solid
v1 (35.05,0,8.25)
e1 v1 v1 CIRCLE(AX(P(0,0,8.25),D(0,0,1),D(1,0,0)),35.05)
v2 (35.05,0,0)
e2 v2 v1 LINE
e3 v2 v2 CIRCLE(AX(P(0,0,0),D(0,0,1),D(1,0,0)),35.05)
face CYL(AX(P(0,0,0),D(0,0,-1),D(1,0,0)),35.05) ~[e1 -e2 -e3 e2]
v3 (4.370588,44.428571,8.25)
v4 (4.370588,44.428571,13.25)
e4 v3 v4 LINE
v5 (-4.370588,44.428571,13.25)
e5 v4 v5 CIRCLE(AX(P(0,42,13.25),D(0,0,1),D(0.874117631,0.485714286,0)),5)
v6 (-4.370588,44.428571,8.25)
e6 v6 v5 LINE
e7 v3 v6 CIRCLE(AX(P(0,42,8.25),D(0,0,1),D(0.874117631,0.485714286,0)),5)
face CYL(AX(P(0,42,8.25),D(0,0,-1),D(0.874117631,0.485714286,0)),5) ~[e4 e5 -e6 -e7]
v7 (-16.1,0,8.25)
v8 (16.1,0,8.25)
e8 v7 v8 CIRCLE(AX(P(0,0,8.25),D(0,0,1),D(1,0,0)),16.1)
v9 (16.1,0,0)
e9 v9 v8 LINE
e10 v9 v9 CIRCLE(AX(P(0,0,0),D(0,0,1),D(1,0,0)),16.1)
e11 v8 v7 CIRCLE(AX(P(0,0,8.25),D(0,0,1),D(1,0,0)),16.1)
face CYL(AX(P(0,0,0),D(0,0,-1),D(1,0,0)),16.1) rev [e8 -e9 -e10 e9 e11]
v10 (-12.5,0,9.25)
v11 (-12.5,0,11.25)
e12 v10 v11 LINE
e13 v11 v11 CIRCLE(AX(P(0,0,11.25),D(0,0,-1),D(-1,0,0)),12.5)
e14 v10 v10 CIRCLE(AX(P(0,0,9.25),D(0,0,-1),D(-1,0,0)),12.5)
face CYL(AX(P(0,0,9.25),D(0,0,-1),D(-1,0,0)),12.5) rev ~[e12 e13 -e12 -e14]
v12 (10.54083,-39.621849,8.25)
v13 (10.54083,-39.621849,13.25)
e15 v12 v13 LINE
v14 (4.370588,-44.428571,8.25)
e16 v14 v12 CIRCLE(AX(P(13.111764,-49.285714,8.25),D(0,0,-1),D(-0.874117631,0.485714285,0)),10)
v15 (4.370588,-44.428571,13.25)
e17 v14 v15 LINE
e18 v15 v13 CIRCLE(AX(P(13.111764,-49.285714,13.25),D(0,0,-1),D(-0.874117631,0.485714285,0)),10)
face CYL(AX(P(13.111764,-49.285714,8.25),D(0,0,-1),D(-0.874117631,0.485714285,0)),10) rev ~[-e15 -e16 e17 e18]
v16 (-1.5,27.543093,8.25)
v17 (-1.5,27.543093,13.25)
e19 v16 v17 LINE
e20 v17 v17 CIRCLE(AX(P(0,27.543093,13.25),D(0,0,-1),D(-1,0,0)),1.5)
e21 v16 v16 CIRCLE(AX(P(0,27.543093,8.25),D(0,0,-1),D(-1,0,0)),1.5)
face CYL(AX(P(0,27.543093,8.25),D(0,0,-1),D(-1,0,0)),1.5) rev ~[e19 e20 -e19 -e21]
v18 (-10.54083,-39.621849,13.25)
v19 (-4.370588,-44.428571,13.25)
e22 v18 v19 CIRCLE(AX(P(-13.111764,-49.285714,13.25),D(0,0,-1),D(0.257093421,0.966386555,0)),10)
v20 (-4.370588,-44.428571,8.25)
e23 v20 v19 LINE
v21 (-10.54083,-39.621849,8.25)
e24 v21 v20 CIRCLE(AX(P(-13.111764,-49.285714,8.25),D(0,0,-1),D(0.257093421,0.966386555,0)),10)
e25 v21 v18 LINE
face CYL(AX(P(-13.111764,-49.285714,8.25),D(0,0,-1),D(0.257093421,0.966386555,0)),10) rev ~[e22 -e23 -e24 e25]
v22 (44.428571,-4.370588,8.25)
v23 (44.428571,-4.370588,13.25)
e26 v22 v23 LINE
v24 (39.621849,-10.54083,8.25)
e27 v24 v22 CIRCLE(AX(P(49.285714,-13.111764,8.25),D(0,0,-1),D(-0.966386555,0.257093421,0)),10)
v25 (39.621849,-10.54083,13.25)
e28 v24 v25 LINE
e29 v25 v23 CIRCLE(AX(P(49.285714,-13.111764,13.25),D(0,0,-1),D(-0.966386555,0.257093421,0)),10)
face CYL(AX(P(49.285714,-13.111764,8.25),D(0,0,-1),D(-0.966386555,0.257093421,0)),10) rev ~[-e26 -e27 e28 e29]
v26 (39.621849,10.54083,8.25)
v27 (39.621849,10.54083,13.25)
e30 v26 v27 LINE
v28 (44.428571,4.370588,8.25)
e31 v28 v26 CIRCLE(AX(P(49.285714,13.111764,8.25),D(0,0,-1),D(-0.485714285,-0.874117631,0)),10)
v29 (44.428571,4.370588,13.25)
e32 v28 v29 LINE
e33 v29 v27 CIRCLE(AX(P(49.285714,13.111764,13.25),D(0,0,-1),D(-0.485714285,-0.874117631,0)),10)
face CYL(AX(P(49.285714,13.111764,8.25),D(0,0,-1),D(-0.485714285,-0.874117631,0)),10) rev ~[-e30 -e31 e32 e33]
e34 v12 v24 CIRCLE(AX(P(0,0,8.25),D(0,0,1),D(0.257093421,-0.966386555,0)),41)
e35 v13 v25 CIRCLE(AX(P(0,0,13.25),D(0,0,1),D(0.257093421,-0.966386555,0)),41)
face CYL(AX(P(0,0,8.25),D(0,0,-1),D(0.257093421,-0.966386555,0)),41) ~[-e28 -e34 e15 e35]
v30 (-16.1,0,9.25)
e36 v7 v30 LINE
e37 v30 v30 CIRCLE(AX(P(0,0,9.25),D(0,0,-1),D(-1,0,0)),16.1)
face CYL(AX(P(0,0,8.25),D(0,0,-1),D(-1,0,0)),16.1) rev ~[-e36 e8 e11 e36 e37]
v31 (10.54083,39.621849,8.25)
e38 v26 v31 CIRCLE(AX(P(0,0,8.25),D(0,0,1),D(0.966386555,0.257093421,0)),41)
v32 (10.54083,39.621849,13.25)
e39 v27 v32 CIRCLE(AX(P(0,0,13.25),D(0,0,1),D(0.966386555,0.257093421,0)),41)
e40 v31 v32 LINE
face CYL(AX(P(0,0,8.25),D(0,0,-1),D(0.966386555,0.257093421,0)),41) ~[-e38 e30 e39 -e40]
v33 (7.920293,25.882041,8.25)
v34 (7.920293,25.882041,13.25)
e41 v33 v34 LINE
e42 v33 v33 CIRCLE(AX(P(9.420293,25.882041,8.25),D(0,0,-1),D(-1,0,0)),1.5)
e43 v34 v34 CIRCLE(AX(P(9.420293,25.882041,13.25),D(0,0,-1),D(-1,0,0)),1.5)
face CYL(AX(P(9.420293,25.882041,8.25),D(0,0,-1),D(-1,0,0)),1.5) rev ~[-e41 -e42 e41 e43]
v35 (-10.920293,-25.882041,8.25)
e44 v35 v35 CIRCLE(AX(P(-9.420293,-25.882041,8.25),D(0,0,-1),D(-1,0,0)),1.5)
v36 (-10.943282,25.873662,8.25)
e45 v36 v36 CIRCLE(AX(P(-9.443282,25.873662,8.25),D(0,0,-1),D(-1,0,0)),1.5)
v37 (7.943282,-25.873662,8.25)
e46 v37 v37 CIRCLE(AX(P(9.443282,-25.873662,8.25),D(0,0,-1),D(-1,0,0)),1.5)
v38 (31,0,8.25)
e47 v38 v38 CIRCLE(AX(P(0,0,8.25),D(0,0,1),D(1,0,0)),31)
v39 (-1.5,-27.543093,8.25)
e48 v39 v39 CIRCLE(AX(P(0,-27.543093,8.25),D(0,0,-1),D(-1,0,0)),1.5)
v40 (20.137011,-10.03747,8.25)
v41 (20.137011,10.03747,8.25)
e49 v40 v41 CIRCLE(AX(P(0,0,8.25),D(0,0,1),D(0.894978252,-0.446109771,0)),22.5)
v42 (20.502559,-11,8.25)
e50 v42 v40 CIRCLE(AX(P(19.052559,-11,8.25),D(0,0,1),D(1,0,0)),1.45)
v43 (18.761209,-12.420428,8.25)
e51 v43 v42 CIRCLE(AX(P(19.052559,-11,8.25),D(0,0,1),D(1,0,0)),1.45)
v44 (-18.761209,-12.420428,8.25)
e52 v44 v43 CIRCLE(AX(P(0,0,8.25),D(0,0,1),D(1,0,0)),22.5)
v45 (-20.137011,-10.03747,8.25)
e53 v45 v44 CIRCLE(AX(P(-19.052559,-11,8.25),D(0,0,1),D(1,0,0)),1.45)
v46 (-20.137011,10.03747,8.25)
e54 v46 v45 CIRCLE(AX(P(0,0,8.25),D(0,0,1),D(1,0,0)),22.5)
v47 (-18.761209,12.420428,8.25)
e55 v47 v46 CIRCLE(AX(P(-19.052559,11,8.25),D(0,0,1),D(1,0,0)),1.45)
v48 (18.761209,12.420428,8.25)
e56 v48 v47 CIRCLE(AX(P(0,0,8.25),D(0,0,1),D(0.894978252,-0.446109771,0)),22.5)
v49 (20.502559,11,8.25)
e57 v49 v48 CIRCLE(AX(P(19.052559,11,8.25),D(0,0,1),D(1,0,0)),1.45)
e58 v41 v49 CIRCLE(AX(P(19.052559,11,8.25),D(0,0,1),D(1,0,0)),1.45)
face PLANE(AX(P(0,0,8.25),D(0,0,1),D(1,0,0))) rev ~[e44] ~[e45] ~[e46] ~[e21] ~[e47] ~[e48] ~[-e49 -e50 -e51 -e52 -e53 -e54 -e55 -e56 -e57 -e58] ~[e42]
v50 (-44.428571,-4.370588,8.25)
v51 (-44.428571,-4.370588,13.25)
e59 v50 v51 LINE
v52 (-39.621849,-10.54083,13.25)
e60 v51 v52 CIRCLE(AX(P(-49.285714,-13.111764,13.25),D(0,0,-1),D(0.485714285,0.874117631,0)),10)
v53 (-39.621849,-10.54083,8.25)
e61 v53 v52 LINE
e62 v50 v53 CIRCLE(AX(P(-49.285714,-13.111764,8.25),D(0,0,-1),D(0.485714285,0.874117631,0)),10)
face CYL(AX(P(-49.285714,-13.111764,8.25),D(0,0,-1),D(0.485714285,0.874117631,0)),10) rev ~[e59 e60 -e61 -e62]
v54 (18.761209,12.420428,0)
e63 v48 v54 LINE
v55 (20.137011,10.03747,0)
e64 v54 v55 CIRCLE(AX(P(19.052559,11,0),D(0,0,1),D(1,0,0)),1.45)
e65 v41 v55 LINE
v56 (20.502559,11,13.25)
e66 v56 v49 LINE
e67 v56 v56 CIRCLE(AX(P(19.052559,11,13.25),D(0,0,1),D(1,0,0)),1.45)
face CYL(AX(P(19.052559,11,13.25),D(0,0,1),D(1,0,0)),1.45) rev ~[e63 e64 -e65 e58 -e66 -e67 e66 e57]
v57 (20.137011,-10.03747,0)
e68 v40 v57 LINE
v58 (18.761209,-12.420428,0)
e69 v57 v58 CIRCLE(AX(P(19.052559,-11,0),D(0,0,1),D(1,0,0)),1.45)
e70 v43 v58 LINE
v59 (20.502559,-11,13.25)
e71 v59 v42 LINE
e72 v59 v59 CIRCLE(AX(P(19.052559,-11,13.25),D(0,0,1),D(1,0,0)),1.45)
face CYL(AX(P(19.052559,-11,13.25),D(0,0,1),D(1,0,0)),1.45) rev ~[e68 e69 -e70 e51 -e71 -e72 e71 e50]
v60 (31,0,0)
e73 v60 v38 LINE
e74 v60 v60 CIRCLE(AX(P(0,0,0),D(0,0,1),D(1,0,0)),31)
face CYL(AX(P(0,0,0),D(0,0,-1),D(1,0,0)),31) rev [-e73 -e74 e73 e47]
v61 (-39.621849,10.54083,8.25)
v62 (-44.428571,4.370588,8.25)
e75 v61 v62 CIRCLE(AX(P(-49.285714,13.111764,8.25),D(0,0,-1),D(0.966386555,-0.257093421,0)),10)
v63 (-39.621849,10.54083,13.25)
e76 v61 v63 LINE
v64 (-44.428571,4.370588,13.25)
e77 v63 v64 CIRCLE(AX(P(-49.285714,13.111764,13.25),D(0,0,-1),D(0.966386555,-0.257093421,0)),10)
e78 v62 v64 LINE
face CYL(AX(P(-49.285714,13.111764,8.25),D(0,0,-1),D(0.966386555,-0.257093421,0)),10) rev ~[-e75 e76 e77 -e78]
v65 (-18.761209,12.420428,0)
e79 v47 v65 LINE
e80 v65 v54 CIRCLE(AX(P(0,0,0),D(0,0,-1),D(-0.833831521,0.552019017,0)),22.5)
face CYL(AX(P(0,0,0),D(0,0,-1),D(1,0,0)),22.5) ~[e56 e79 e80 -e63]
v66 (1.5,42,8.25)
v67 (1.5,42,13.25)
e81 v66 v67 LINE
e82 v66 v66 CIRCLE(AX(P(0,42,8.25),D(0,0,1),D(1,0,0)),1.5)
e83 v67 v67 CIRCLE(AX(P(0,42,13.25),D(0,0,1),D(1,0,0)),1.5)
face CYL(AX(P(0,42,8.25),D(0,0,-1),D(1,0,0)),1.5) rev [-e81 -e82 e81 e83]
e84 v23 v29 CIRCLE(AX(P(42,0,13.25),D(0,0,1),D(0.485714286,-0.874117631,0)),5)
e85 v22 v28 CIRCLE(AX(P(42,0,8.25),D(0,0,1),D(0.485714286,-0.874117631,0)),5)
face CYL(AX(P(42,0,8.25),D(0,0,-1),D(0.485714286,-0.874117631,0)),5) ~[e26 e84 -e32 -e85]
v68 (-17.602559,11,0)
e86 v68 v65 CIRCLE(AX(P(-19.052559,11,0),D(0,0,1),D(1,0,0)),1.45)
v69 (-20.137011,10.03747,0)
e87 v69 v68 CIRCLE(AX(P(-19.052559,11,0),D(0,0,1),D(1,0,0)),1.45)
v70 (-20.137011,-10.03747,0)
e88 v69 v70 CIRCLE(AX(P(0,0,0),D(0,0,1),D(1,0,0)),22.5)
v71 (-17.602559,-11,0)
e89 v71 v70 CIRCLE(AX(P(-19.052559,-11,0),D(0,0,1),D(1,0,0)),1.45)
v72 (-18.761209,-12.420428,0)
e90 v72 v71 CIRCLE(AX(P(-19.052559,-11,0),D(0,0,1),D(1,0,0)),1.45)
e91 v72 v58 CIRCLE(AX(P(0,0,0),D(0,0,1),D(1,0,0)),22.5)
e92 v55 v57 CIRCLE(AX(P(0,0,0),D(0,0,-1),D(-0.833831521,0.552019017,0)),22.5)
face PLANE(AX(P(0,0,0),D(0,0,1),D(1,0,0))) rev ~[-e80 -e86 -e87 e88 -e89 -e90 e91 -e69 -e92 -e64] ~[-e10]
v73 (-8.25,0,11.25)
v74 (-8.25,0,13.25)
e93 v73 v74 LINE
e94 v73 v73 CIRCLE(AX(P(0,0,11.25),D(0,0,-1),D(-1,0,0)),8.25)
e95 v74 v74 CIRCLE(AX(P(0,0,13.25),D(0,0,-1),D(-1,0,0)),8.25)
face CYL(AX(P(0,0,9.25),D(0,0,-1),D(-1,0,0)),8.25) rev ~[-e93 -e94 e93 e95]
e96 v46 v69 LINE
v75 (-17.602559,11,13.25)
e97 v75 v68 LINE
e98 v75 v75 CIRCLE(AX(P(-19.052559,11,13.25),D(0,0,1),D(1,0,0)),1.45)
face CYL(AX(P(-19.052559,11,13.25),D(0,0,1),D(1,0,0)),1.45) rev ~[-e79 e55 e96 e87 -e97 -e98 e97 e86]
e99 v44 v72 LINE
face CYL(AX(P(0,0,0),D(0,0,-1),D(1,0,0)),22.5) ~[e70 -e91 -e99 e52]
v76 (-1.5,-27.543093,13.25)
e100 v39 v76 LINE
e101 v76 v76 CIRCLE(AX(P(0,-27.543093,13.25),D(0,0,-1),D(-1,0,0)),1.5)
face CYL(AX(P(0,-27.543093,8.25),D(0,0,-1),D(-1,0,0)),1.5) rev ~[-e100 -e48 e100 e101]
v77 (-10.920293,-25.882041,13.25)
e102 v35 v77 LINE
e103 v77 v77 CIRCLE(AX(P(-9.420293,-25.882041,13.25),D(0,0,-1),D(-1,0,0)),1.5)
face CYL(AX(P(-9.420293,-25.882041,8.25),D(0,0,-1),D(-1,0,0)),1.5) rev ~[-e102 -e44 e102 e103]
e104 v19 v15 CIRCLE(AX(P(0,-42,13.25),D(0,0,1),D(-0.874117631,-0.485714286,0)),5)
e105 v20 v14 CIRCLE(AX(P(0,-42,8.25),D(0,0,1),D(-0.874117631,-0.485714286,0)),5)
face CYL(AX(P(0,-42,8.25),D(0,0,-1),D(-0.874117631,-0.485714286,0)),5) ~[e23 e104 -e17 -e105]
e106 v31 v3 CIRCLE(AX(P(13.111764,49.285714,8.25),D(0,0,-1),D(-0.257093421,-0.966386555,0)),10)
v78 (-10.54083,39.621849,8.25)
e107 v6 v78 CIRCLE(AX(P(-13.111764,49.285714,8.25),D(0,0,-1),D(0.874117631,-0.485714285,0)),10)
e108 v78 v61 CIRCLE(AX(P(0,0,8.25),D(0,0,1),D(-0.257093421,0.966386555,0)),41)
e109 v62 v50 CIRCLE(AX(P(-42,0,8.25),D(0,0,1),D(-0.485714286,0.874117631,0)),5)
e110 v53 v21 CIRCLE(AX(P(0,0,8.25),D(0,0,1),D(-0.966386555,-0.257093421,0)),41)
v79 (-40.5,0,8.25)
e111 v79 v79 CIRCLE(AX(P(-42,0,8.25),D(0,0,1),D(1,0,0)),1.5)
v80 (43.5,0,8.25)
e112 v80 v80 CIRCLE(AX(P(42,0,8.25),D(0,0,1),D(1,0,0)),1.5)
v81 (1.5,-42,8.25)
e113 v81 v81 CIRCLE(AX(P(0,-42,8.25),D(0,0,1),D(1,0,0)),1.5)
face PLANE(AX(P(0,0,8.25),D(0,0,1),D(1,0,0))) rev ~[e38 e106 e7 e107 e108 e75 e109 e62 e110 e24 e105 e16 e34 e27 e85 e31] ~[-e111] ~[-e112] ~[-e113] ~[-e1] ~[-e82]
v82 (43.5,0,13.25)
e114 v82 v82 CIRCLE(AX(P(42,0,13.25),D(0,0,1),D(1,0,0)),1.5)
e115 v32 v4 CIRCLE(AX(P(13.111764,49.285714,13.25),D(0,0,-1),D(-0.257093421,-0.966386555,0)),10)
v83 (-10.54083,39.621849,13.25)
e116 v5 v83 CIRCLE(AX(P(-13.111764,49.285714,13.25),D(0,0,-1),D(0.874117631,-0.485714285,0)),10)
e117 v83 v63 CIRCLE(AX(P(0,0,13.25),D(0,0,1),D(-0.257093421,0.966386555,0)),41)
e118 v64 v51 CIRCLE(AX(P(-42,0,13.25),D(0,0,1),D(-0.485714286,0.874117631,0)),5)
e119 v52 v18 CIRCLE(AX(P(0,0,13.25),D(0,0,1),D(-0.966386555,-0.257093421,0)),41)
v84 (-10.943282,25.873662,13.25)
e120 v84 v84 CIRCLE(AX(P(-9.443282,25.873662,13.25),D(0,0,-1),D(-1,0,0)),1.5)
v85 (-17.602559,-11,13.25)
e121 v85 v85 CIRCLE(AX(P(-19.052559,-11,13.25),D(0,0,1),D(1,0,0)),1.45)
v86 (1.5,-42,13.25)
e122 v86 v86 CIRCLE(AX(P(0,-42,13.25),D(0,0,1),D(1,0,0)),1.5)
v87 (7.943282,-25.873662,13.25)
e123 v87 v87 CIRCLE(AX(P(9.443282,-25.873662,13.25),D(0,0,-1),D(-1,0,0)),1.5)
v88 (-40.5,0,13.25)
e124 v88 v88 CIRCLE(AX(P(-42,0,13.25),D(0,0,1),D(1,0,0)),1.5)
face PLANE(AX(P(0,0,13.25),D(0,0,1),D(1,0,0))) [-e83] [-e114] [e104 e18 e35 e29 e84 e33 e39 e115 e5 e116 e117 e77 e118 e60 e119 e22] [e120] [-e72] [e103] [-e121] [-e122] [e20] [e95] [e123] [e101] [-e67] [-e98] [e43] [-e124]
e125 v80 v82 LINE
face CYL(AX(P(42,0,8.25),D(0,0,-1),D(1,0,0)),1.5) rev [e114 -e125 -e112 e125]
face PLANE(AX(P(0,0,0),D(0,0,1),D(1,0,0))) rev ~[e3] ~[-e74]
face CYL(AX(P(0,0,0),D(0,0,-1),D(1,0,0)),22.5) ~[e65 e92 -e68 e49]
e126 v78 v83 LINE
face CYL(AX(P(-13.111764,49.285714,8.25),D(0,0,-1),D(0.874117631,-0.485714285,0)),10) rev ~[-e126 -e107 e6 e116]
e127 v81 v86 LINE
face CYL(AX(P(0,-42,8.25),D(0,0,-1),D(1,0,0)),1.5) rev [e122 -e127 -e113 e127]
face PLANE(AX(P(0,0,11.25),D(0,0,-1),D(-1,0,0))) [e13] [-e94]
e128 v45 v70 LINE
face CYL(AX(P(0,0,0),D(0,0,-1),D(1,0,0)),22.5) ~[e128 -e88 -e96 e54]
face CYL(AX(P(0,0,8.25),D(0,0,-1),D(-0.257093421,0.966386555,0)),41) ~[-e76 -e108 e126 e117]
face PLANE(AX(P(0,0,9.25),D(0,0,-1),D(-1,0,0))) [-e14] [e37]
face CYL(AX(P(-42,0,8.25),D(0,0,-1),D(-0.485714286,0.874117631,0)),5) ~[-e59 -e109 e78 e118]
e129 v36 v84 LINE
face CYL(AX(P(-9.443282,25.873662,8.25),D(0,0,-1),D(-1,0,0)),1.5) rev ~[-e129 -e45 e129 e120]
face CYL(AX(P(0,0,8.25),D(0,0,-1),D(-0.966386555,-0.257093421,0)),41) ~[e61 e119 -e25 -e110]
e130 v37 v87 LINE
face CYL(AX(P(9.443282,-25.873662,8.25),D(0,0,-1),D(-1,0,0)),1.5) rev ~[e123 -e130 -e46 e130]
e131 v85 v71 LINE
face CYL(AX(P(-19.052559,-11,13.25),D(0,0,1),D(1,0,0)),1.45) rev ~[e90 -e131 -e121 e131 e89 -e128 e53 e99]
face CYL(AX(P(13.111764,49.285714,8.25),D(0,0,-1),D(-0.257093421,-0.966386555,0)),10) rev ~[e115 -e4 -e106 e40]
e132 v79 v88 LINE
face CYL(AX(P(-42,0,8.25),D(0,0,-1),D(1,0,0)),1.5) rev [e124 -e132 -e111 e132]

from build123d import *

# Parameters (mm, degrees)
IZIM1_R                       = 22.5
IZIM1_R_2                     = 16.1
Y_KSEKLIK_EKSTR_ZYON1_DEPTH   = 8.25
IZIM1_R_3                     = 35.05
IZIM1_R_4                     = 31
Y_KSEKLIK_EKSTR_ZYON1_2_DEPTH = 8.25
IZIM2_R                       = 1.5
IZIM2_R_2                     = 7.15
Y_KSEKLIK_EKSTR_ZYON2_DEPTH   = 5
IZIM7_R                       = 16.1
KES_EKSTR_ZYON2_DEPTH         = 1
IZIM8_R                       = 8.25
KES_EKSTR_ZYON3_DEPTH         = 4
KES_EKSTR_ZYON4_REACH         = 69.776
IZIM9_R                       = 1.45
IZIM10_R                      = 1.5
KES_EKSTR_ZYON5_DEPTH         = 5
IZIM11_R                      = 12.5
KES_EKSTR_ZYON6_DEPTH         = 2


with BuildPart() as part:
    # Çizim1 → Yükseklik-Ekstrüzyon1 (new body)
    with BuildSketch(Plane.XY):
        Circle(IZIM1_R)
        Circle(IZIM1_R_2, mode=Mode.SUBTRACT)
    extrude(amount=Y_KSEKLIK_EKSTR_ZYON1_DEPTH)



with BuildPart() as body_2:
    # Çizim1 → Y_kseklik-Ekstr_zyon1 2 (new body)
    with BuildSketch(Plane.XY):
        Circle(IZIM1_R_3)
        Circle(IZIM1_R_4, mode=Mode.SUBTRACT)
    extrude(amount=Y_KSEKLIK_EKSTR_ZYON1_2_DEPTH)


with BuildPart() as part_1:
    add(part.part)

    add(body_2.part)  # Yükseklik-Ekstrüzyon2 merges body 2
    # Çizim2 → Yükseklik-Ekstrüzyon2 (add)
    with BuildSketch(Plane.XY.offset(8.25)):
        with BuildLine():
            ThreePointArc((-10.540830255, 39.621848739), (-28.991378029, 28.991378029), (-39.621848739, 10.540830255))
            ThreePointArc((-39.621848739, 10.540830255), (-41.396931543, 6.966269622), (-44.428571429, 4.370588155))
            ThreePointArc((-44.428571429, 4.370588155), (-47, 0), (-44.428571429, -4.370588155))
            ThreePointArc((-44.428571429, -4.370588155), (-41.396931543, -6.966269622), (-39.621848739, -10.540830255))
            ThreePointArc((-39.621848739, -10.540830255), (-28.991378029, -28.991378029), (-10.540830255, -39.621848739))
            ThreePointArc((-10.540830255, -39.621848739), (-6.966269622, -41.396931543), (-4.370588155, -44.428571429))
            ThreePointArc((-4.370588155, -44.428571429), (0, -47), (4.370588155, -44.428571429))
            ThreePointArc((4.370588155, -44.428571429), (6.966269622, -41.396931543), (10.540830255, -39.621848739))
            ThreePointArc((10.540830255, -39.621848739), (28.991378029, -28.991378029), (39.621848739, -10.540830255))
            ThreePointArc((39.621848739, -10.540830255), (41.396931543, -6.966269622), (44.428571429, -4.370588155))
            ThreePointArc((44.428571429, -4.370588155), (47, 0), (44.428571429, 4.370588155))
            ThreePointArc((44.428571429, 4.370588155), (41.396931543, 6.966269622), (39.621848739, 10.540830255))
            ThreePointArc((39.621848739, 10.540830255), (28.991378029, 28.991378029), (10.540830255, 39.621848739))
            ThreePointArc((10.540830255, 39.621848739), (6.966269622, 41.396931543), (4.370588155, 44.428571429))
            ThreePointArc((4.370588155, 44.428571429), (0, 47), (-4.370588155, 44.428571429))
            ThreePointArc((-4.370588155, 44.428571429), (-6.966269622, 41.396931543), (-10.540830255, 39.621848739))
        make_face()
        with Locations((0, 42)):
            Circle(IZIM2_R, mode=Mode.SUBTRACT)
        with Locations((42, 0)):
            Circle(IZIM2_R, mode=Mode.SUBTRACT)
        with Locations((0, -42)):
            Circle(IZIM2_R, mode=Mode.SUBTRACT)
        with Locations((-42, 0)):
            Circle(IZIM2_R, mode=Mode.SUBTRACT)
        Circle(IZIM2_R_2, mode=Mode.SUBTRACT)
    extrude(amount=Y_KSEKLIK_EKSTR_ZYON2_DEPTH)

    # Çizim7 → Kes-Ekstrüzyon2 (cut)
    with BuildSketch(Plane(origin=(0, 0, 8.25), x_dir=(-1, 0, 0), z_dir=(0, 0, -1))):
        Circle(IZIM7_R)
    extrude(amount=-KES_EKSTR_ZYON2_DEPTH, mode=Mode.SUBTRACT)

    # Çizim8 → Kes-Ekstrüzyon3 (cut)
    with BuildSketch(Plane(origin=(0, 0, 9.25), x_dir=(-1, 0, 0), z_dir=(0, 0, -1))):
        Circle(IZIM8_R)
    extrude(amount=-KES_EKSTR_ZYON3_DEPTH, mode=Mode.SUBTRACT)

    # Kes-Ekstrüzyon4: up to this face of the body (flat: up to its plane)
    kes_ekstr_zyon4_end = Plane(part_1.part.faces().sort_by_distance((-21.863603897, 0, 0))[0])
    # Çizim9 → Kes-Ekstrüzyon4 (cut, up to the picked face)
    with BuildSketch(Plane.XY.offset(13.25), mode=Mode.PRIVATE) as kes_ekstr_zyon4_sk1:
        with Locations((-19.052558883, 11)):
            Circle(IZIM9_R)
    kes_ekstr_zyon4_tool1 = split(extrude(kes_ekstr_zyon4_sk1.sketch, amount=-KES_EKSTR_ZYON4_REACH, mode=Mode.PRIVATE), bisect_by=kes_ekstr_zyon4_end, keep=Keep.BOTH, mode=Mode.PRIVATE)
    # Çizim9 → Kes-Ekstrüzyon4 (cut, up to the picked face)
    with BuildSketch(Plane.XY.offset(13.25), mode=Mode.PRIVATE) as kes_ekstr_zyon4_sk2:
        with Locations((19.052558883, -11)):
            Circle(IZIM9_R)
    kes_ekstr_zyon4_tool2 = split(extrude(kes_ekstr_zyon4_sk2.sketch, amount=-KES_EKSTR_ZYON4_REACH, mode=Mode.PRIVATE), bisect_by=kes_ekstr_zyon4_end, keep=Keep.BOTH, mode=Mode.PRIVATE)
    # Çizim9 → Kes-Ekstrüzyon4 (cut, up to the picked face)
    with BuildSketch(Plane.XY.offset(13.25), mode=Mode.PRIVATE) as kes_ekstr_zyon4_sk3:
        with Locations((19.052558883, 11)):
            Circle(IZIM9_R)
    kes_ekstr_zyon4_tool3 = split(extrude(kes_ekstr_zyon4_sk3.sketch, amount=-KES_EKSTR_ZYON4_REACH, mode=Mode.PRIVATE), bisect_by=kes_ekstr_zyon4_end, keep=Keep.BOTH, mode=Mode.PRIVATE)
    # Çizim9 → Kes-Ekstrüzyon4 (cut, up to the picked face)
    with BuildSketch(Plane.XY.offset(13.25), mode=Mode.PRIVATE) as kes_ekstr_zyon4_sk4:
        with Locations((-19.052558883, -11)):
            Circle(IZIM9_R)
    kes_ekstr_zyon4_tool4 = split(extrude(kes_ekstr_zyon4_sk4.sketch, amount=-KES_EKSTR_ZYON4_REACH, mode=Mode.PRIVATE), bisect_by=kes_ekstr_zyon4_end, keep=Keep.BOTH, mode=Mode.PRIVATE)
    add(kes_ekstr_zyon4_tool1.solids().sort_by(Axis((-19.052559, 11, 13.25), (0, 0, -1)))[0], mode=Mode.SUBTRACT)
    add(kes_ekstr_zyon4_tool2.solids().sort_by(Axis((19.052559, -11, 13.25), (0, 0, -1)))[0], mode=Mode.SUBTRACT)
    add(kes_ekstr_zyon4_tool3.solids().sort_by(Axis((19.052559, 11, 13.25), (0, 0, -1)))[0], mode=Mode.SUBTRACT)
    add(kes_ekstr_zyon4_tool4.solids().sort_by(Axis((-19.052559, -11, 13.25), (0, 0, -1)))[0], mode=Mode.SUBTRACT)

    # Çizim10 → Kes-Ekstrüzyon5 (cut)
    with BuildSketch(Plane(origin=(0, 0, 8.25), x_dir=(-1, 0, 0), z_dir=(0, 0, -1))):
        with Locations((0, 27.54309269)):
            Circle(IZIM10_R)
        with Locations((9.443282325, 25.873661779)):
            Circle(IZIM10_R)
        with Locations((-9.42029251, 25.882040955)):
            Circle(IZIM10_R)
        with Locations((9.42029251, -25.882040955)):
            Circle(IZIM10_R)
        with Locations((0, -27.54309269)):
            Circle(IZIM10_R)
        with Locations((-9.443282325, -25.873661779)):
            Circle(IZIM10_R)
    extrude(amount=-KES_EKSTR_ZYON5_DEPTH, mode=Mode.SUBTRACT)

    # Çizim11 → Kes-Ekstrüzyon6 (cut)
    with BuildSketch(Plane(origin=(0, 0, 9.25), x_dir=(-1, 0, 0), z_dir=(0, 0, -1))):
        Circle(IZIM11_R)
    extrude(amount=-KES_EKSTR_ZYON6_DEPTH, mode=Mode.SUBTRACT)


solid = part_1.part
